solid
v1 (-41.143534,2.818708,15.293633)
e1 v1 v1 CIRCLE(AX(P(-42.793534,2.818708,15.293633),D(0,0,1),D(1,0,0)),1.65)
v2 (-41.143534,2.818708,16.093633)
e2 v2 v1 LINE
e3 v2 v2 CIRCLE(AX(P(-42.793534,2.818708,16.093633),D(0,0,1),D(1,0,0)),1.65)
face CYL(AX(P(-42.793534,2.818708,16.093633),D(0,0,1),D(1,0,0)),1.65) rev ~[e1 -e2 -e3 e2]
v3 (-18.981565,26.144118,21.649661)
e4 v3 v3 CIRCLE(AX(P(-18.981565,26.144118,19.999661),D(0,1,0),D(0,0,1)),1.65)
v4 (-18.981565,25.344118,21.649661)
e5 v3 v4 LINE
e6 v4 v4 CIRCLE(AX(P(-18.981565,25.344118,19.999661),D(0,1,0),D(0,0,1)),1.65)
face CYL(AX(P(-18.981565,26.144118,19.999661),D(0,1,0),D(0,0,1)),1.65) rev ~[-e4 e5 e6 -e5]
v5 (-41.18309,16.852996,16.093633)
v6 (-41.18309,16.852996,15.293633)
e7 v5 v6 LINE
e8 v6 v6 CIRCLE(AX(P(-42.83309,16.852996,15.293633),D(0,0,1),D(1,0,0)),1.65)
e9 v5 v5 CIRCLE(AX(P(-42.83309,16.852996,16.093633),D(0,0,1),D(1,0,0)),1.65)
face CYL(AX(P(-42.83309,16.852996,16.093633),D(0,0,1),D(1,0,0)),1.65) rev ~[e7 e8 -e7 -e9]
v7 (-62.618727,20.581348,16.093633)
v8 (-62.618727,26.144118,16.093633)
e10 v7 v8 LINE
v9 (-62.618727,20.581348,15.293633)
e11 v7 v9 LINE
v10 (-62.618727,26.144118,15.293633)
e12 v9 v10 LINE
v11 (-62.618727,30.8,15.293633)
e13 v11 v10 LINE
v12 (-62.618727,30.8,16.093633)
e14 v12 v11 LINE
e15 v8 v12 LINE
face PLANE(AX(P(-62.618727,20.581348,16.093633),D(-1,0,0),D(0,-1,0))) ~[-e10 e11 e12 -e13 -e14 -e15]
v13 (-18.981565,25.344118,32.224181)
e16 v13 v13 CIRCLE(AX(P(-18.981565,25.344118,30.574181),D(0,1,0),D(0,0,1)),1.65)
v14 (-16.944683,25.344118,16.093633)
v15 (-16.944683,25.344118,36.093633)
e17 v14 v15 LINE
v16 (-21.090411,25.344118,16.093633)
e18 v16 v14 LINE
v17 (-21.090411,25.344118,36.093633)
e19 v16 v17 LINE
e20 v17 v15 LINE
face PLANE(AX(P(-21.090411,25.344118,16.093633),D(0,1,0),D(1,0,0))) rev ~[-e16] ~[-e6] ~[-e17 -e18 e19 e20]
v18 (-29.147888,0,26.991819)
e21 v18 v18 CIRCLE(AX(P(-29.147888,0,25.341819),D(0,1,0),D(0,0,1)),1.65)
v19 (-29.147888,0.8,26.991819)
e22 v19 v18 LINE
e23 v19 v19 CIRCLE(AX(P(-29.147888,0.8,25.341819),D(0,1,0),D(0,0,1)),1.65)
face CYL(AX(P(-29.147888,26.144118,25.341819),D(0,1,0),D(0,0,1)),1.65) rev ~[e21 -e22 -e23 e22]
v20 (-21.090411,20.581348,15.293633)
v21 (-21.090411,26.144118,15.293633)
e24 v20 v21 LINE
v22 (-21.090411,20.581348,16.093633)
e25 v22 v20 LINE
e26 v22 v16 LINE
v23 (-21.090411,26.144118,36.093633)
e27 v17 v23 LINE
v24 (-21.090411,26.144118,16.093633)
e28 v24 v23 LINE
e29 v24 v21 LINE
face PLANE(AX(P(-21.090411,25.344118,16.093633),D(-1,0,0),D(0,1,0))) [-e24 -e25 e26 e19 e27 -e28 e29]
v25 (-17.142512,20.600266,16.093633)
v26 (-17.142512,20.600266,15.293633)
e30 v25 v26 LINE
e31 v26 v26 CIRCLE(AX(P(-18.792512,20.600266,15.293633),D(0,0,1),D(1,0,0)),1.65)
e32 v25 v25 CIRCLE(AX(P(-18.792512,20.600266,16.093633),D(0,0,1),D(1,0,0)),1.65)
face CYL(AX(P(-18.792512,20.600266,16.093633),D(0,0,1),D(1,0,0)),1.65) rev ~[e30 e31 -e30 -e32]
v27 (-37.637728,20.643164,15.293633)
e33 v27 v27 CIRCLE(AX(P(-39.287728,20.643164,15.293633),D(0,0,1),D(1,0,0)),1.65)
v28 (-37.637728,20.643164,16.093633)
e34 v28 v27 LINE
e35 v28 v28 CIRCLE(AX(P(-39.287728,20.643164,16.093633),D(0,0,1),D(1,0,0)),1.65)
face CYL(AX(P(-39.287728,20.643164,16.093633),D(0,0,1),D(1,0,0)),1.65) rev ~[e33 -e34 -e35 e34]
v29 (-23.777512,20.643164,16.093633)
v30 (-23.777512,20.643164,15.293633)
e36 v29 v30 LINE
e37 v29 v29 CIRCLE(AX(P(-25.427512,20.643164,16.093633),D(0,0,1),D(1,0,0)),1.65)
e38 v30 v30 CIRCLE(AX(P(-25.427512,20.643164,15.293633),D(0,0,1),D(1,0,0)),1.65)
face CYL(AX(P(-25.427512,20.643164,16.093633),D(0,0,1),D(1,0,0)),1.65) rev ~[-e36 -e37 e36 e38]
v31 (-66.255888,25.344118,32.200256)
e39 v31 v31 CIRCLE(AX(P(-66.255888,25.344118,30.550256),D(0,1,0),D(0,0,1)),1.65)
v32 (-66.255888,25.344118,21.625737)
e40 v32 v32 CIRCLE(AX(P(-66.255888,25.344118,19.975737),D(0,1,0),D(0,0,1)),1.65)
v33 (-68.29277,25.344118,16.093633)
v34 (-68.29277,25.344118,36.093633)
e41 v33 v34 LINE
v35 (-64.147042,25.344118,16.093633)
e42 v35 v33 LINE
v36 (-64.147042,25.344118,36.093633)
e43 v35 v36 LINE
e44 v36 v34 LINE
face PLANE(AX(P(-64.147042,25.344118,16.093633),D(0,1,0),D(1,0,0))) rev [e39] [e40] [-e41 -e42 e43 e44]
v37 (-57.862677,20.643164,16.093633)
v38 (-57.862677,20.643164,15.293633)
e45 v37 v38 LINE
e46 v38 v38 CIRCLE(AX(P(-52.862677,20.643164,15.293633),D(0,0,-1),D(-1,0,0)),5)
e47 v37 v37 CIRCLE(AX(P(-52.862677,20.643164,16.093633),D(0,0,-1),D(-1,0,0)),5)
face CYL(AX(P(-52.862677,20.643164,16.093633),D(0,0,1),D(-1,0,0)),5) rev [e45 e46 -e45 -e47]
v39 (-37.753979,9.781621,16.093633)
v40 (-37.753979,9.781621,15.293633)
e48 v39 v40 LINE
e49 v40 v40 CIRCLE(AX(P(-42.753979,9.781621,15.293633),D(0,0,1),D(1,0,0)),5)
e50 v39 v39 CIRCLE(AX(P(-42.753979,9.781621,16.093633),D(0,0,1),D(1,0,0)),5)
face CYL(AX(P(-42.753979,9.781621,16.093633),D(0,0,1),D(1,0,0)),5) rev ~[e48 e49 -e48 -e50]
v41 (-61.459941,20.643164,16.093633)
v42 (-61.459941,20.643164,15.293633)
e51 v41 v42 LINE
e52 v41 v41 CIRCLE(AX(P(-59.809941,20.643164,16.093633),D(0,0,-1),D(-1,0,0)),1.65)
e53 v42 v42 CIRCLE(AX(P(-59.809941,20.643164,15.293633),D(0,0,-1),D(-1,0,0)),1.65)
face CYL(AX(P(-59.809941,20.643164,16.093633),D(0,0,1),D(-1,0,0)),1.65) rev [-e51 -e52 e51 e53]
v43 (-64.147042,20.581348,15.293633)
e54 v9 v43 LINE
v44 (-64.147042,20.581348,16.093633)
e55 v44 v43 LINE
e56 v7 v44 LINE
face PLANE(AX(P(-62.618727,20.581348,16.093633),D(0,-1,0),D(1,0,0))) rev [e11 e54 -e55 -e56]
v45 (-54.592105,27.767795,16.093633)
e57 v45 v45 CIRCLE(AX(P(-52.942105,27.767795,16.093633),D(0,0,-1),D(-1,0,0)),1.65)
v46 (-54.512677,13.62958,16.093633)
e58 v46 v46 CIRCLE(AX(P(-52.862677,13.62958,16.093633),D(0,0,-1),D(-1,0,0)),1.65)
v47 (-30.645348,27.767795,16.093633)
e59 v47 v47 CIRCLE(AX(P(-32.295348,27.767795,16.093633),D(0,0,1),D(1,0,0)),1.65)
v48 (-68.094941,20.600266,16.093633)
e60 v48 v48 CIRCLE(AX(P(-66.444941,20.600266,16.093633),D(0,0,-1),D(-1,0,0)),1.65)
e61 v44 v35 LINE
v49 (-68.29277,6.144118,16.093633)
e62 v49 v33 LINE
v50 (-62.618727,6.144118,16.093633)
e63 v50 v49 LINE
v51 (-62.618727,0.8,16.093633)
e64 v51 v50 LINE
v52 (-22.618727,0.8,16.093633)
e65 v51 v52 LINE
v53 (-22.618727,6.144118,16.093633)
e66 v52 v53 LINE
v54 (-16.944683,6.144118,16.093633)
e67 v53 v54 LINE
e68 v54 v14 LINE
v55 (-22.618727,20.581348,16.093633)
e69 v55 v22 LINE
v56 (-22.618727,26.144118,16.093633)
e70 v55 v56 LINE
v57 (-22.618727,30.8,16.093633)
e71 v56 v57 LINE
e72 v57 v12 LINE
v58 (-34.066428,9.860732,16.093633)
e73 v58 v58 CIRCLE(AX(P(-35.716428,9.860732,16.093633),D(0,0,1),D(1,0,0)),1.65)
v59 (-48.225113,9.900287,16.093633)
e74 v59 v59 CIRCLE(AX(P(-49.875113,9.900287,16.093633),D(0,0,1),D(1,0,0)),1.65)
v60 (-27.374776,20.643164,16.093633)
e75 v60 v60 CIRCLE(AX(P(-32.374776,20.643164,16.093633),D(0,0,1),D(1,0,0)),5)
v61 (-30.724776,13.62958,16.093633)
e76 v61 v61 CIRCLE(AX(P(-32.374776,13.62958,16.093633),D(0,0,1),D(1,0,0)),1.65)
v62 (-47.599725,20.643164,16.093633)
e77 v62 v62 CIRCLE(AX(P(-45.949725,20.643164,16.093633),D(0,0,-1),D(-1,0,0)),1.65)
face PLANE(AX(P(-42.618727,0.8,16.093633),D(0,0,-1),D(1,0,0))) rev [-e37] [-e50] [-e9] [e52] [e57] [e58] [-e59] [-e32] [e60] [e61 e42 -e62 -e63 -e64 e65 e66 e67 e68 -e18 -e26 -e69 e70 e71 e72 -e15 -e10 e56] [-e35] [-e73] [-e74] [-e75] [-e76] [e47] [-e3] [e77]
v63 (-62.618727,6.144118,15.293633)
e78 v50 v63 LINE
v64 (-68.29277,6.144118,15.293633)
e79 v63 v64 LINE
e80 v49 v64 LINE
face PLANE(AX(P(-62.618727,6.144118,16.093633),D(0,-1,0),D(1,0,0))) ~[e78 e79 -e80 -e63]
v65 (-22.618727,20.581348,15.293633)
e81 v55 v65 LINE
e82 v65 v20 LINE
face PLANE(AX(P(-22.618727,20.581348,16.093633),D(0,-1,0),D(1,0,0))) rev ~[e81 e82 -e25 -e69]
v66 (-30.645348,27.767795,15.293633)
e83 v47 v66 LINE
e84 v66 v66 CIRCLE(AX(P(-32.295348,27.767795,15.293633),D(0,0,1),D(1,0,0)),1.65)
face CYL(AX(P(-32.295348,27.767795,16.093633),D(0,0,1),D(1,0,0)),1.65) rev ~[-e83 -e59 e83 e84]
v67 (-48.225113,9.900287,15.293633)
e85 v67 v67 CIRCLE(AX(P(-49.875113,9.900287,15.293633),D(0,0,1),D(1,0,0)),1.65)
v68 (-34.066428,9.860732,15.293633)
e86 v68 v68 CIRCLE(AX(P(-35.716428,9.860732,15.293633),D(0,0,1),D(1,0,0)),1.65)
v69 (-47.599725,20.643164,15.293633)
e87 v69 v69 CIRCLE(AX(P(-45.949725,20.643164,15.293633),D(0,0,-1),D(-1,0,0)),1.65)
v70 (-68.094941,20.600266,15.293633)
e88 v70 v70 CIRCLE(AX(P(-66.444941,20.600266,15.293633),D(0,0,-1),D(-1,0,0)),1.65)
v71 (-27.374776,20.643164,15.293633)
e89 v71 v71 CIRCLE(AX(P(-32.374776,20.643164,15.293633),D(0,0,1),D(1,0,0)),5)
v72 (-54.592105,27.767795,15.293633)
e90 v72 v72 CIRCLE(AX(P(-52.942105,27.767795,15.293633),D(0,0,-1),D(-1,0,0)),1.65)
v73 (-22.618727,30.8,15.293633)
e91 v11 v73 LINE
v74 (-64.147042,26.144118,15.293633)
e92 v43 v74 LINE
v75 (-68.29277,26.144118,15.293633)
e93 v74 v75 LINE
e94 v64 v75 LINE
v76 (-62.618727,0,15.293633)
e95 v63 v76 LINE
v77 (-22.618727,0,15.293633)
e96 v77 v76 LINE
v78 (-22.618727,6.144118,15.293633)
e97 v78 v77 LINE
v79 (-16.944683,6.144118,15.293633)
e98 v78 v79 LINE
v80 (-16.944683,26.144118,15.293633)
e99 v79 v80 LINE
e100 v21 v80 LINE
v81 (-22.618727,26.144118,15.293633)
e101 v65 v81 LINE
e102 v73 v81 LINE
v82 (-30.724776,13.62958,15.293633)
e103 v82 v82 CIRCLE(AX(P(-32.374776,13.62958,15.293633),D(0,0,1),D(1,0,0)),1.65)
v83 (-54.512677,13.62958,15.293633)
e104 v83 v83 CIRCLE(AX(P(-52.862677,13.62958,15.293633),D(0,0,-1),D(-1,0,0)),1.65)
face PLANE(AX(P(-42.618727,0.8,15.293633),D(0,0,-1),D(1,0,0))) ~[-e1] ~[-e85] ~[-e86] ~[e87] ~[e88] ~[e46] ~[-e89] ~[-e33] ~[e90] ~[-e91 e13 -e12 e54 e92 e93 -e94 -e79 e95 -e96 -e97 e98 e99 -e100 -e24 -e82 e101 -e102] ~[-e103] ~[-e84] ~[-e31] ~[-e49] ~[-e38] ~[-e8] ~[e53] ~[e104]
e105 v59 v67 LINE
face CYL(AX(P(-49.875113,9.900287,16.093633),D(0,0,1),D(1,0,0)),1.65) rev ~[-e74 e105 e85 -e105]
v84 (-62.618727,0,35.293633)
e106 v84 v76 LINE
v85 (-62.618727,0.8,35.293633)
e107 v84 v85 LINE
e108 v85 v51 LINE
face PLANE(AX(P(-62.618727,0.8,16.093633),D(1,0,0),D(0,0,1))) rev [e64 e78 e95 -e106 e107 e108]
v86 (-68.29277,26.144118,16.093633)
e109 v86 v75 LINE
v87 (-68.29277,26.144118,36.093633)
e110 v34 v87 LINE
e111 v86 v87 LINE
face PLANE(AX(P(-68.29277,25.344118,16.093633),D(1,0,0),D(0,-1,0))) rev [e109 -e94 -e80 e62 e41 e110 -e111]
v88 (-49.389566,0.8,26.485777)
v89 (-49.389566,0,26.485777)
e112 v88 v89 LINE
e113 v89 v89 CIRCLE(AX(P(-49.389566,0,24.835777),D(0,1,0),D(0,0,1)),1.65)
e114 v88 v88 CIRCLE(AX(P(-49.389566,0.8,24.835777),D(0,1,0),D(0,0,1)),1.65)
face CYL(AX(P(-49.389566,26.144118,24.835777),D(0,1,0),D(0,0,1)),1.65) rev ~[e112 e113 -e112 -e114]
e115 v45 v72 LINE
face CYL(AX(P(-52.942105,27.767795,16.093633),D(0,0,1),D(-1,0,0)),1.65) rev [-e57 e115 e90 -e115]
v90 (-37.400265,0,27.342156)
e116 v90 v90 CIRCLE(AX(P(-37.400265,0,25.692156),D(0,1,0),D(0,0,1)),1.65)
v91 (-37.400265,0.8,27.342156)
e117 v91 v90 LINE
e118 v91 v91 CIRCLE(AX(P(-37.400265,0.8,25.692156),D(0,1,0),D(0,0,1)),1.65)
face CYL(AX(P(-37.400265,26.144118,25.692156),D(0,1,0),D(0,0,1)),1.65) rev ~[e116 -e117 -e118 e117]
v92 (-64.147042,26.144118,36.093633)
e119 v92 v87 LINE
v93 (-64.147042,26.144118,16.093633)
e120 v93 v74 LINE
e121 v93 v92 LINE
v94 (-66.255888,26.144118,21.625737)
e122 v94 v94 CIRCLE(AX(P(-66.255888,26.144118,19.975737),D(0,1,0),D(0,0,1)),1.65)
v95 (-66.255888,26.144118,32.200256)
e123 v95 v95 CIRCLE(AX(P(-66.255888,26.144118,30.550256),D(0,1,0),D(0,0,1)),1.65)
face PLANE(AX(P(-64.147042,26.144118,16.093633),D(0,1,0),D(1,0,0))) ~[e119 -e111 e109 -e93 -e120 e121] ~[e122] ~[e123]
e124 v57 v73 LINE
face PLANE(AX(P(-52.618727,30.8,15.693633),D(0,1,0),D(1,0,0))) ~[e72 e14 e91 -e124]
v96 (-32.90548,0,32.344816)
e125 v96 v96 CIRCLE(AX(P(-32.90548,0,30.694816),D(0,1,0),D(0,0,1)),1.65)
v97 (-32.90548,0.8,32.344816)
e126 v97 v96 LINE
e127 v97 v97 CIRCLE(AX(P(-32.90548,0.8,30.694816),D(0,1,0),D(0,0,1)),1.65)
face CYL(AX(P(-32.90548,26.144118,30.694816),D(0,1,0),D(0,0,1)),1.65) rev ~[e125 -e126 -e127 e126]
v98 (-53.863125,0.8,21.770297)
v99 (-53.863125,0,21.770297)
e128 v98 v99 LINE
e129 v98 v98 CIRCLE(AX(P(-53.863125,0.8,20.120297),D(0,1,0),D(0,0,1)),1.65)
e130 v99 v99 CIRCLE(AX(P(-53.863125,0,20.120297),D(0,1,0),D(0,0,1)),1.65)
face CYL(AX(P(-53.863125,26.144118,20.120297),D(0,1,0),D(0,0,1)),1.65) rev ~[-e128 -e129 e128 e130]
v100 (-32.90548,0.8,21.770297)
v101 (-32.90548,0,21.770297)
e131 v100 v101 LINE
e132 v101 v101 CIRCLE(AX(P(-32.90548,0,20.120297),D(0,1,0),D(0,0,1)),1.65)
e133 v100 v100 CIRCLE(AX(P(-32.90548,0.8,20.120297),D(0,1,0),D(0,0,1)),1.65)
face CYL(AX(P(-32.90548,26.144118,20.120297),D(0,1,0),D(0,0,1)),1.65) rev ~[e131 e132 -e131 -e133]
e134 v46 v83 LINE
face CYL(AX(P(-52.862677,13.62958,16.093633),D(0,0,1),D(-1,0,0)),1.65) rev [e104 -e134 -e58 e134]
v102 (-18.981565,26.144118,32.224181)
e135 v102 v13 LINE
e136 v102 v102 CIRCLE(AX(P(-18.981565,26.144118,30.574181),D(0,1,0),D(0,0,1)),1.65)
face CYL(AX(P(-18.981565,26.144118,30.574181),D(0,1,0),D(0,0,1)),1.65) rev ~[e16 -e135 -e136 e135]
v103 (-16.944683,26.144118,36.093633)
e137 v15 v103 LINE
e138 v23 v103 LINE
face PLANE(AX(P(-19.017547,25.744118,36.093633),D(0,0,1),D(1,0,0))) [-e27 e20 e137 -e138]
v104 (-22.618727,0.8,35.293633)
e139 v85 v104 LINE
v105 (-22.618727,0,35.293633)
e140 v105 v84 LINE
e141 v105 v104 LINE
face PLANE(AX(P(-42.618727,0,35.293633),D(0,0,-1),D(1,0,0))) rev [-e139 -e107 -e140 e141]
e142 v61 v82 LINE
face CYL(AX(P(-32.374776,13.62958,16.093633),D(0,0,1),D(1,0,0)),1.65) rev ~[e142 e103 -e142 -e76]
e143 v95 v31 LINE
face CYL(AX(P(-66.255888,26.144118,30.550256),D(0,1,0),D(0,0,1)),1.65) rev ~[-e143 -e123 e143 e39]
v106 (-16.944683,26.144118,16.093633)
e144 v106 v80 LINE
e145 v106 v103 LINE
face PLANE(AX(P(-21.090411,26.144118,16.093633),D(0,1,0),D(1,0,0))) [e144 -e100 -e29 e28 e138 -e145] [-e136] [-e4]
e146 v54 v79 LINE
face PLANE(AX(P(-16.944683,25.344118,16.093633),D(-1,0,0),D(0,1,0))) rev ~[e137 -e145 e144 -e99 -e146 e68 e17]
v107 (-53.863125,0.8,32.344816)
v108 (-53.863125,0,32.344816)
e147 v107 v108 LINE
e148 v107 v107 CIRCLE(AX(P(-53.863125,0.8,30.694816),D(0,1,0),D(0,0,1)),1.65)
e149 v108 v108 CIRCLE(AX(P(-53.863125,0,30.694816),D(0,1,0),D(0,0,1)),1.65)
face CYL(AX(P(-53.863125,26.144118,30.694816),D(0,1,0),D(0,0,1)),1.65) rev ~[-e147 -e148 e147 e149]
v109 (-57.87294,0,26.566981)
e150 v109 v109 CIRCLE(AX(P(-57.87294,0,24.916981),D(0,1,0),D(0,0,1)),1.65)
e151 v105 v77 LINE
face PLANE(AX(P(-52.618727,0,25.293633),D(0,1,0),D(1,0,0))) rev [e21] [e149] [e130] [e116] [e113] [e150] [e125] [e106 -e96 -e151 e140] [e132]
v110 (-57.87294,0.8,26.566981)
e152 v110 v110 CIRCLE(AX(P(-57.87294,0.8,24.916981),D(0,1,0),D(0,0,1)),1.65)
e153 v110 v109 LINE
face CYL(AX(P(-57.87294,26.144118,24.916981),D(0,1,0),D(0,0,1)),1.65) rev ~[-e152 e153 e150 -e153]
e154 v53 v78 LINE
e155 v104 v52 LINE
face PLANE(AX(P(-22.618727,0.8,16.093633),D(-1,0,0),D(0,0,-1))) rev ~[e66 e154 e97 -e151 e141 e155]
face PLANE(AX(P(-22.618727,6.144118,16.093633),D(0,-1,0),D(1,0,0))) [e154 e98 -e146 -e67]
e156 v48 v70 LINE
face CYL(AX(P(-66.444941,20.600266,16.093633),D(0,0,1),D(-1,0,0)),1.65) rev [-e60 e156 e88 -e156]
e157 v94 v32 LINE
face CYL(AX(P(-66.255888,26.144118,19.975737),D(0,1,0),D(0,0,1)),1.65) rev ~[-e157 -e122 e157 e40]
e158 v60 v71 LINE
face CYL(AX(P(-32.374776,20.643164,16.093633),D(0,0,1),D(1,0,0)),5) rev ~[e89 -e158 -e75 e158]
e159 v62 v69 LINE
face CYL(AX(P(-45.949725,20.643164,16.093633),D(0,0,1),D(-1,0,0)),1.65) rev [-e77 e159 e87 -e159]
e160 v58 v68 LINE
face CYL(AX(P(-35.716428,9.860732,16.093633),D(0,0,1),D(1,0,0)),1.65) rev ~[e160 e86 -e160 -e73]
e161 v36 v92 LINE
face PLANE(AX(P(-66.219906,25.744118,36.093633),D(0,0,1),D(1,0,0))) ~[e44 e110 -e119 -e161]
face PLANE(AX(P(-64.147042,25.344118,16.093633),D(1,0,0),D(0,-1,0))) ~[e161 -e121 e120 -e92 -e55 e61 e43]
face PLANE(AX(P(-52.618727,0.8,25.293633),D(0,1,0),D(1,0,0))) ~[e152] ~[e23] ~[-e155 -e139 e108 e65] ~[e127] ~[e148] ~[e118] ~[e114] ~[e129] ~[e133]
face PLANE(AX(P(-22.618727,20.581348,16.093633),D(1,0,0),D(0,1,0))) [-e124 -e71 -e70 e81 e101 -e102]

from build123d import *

# Parameters (mm, degrees)
SKETCH1_W           = 20
SKETCH1_H           = 20
BOSS_EXTRUDE1_DEPTH = 0.8
SKETCH2_W           = 20
SKETCH2_H           = 0.8
BOSS_EXTRUDE2_DEPTH = 30
SKETCH3_W           = 5.674043307
SKETCH3_H           = 20
BOSS_EXTRUDE3_DEPTH = 0.8
SKETCH4_W           = 1.528315809
SKETCH4_H           = 5.562769748
CUT_EXTRUDE1_DEPTH  = 0.8
SKETCH5_W           = 4.145727498
SKETCH5_H           = 0.8
BOSS_EXTRUDE4_DEPTH = 20
SKETCH6_R           = 5
SKETCH6_R_2         = 1.65
CUT_EXTRUDE2_DEPTH  = 20
SKETCH7_R           = 5
SKETCH7_R_2         = 1.65
CUT_EXTRUDE3_DEPTH  = 20
SKETCH8_R           = 1.65
CUT_EXTRUDE4_DEPTH  = 50


with BuildPart() as part:
    # Sketch1 → Boss-Extrude1 (new body)
    with BuildSketch(Plane(origin=(0, 0, 0), x_dir=(1, 0, 0), z_dir=(0, 1, 0))):
        with Locations((-32.618726592, -25.293632959)):
            Rectangle(SKETCH1_W, SKETCH1_H)
    extrude(amount=BOSS_EXTRUDE1_DEPTH)

    # Sketch2 → Boss-Extrude2 (add)
    with BuildSketch(Plane(origin=(0, 0.8, 0), x_dir=(1, 0, 0), z_dir=(0, 1, 0))):
        with Locations((-32.618726592, -15.693632959)):
            Rectangle(SKETCH2_W, SKETCH2_H)
    extrude(amount=BOSS_EXTRUDE2_DEPTH)

    # Sketch3 → Boss-Extrude3 (add)
    with BuildSketch(Plane.XY.offset(16.093632959)):
        with Locations((-19.781704938, 16.144118187)):
            Rectangle(SKETCH3_W, SKETCH3_H)
    extrude(amount=-BOSS_EXTRUDE3_DEPTH)

    # Sketch4 → Cut-Extrude1 (cut)
    with BuildSketch(Plane.XY.offset(16.093632959)):
        with Locations((-21.854568688, 23.362733313)):
            Rectangle(SKETCH4_W, SKETCH4_H)
    extrude(amount=-CUT_EXTRUDE1_DEPTH, mode=Mode.SUBTRACT)

    # Sketch5 → Boss-Extrude4 (add)
    with BuildSketch(Plane.XY.offset(16.093632959)):
        with Locations((-19.017547034, 25.744118187)):
            Rectangle(SKETCH5_W, SKETCH5_H)
    extrude(amount=BOSS_EXTRUDE4_DEPTH)

    # Sketch6 → Cut-Extrude2 (cut)
    with BuildSketch(Plane.XY.offset(16.093632959)):
        with Locations((-32.374776475, 20.643164179)):
            Circle(SKETCH6_R)
        with Locations((-25.427511767, 20.643164179)):
            Circle(SKETCH6_R_2)
        with Locations((-32.2953483, 27.767794826)):
            Circle(SKETCH6_R_2)
        with Locations((-32.374776475, 13.629579794)):
            Circle(SKETCH6_R_2)
        with Locations((-39.287728189, 20.643164179)):
            Circle(SKETCH6_R_2)
        with Locations((-18.792512275, 20.600265825)):
            Circle(SKETCH6_R_2)
    extrude(amount=-CUT_EXTRUDE2_DEPTH, mode=Mode.SUBTRACT)

    # Mirror1: part across plane


with BuildPart() as part_1:
    add(part.part)
    add(part.part.mirror(Plane(origin=(-42.618726592, 0.8, 15.293632959), x_dir=(0, 0, 1), z_dir=(1, 0, 0))))

    # Sketch7 → Cut-Extrude3 (cut)
    with BuildSketch(Plane.XY.offset(16.093632959)):
        with Locations((-42.753979006, 9.78162079)):
            Circle(SKETCH7_R)
        with Locations((-42.833089812, 16.852996437)):
            Circle(SKETCH7_R_2)
        with Locations((-35.716428425, 9.860731596)):
            Circle(SKETCH7_R_2)
        with Locations((-49.875113272, 9.900286998)):
            Circle(SKETCH7_R_2)
        with Locations((-42.793534409, 2.818708136)):
            Circle(SKETCH7_R_2)
    extrude(amount=-CUT_EXTRUDE3_DEPTH, mode=Mode.SUBTRACT)

    # Sketch8 → Cut-Extrude4 (cut)
    with BuildSketch(Plane(origin=(0, 26.144118187, 0), x_dir=(1, 0, 0), z_dir=(0, 1, 0))):
        with Locations(Location((-66.255888471, -19.975736512, 0), (0, 0, 270))):
            Circle(SKETCH8_R)
        with Locations(Location((-66.255888471, -30.5502563, 0), (0, 0, 270))):
            Circle(SKETCH8_R)
        with Locations(Location((-18.981564713, -19.999660765, 0), (0, 0, 270))):
            Circle(SKETCH8_R)
        with Locations(Location((-18.981564713, -30.574180553, 0), (0, 0, 270))):
            Circle(SKETCH8_R)
        with Locations(Location((-53.863125461, -20.120296701, 0), (0, 0, 270))):
            Circle(SKETCH8_R)
        with Locations(Location((-53.863125461, -30.694816488, 0), (0, 0, 270))):
            Circle(SKETCH8_R)
        with Locations(Location((-32.905479909, -20.120296701, 0), (0, 0, 270))):
            Circle(SKETCH8_R)
        with Locations(Location((-32.905479909, -30.694816488, 0), (0, 0, 270))):
            Circle(SKETCH8_R)
        with Locations(Location((-57.872940418, -24.916981338, 0), (0, 0, 270))):
            Circle(SKETCH8_R)
        with Locations(Location((-49.389566156, -24.835777395, 0), (0, 0, 270))):
            Circle(SKETCH8_R)
        with Locations(Location((-37.40026466, -25.692156073, 0), (0, 0, 270))):
            Circle(SKETCH8_R)
        with Locations(Location((-29.147888307, -25.341819341, 0), (0, 0, 270))):
            Circle(SKETCH8_R)
    extrude(amount=-CUT_EXTRUDE4_DEPTH, mode=Mode.SUBTRACT)


solid = part_1.part
